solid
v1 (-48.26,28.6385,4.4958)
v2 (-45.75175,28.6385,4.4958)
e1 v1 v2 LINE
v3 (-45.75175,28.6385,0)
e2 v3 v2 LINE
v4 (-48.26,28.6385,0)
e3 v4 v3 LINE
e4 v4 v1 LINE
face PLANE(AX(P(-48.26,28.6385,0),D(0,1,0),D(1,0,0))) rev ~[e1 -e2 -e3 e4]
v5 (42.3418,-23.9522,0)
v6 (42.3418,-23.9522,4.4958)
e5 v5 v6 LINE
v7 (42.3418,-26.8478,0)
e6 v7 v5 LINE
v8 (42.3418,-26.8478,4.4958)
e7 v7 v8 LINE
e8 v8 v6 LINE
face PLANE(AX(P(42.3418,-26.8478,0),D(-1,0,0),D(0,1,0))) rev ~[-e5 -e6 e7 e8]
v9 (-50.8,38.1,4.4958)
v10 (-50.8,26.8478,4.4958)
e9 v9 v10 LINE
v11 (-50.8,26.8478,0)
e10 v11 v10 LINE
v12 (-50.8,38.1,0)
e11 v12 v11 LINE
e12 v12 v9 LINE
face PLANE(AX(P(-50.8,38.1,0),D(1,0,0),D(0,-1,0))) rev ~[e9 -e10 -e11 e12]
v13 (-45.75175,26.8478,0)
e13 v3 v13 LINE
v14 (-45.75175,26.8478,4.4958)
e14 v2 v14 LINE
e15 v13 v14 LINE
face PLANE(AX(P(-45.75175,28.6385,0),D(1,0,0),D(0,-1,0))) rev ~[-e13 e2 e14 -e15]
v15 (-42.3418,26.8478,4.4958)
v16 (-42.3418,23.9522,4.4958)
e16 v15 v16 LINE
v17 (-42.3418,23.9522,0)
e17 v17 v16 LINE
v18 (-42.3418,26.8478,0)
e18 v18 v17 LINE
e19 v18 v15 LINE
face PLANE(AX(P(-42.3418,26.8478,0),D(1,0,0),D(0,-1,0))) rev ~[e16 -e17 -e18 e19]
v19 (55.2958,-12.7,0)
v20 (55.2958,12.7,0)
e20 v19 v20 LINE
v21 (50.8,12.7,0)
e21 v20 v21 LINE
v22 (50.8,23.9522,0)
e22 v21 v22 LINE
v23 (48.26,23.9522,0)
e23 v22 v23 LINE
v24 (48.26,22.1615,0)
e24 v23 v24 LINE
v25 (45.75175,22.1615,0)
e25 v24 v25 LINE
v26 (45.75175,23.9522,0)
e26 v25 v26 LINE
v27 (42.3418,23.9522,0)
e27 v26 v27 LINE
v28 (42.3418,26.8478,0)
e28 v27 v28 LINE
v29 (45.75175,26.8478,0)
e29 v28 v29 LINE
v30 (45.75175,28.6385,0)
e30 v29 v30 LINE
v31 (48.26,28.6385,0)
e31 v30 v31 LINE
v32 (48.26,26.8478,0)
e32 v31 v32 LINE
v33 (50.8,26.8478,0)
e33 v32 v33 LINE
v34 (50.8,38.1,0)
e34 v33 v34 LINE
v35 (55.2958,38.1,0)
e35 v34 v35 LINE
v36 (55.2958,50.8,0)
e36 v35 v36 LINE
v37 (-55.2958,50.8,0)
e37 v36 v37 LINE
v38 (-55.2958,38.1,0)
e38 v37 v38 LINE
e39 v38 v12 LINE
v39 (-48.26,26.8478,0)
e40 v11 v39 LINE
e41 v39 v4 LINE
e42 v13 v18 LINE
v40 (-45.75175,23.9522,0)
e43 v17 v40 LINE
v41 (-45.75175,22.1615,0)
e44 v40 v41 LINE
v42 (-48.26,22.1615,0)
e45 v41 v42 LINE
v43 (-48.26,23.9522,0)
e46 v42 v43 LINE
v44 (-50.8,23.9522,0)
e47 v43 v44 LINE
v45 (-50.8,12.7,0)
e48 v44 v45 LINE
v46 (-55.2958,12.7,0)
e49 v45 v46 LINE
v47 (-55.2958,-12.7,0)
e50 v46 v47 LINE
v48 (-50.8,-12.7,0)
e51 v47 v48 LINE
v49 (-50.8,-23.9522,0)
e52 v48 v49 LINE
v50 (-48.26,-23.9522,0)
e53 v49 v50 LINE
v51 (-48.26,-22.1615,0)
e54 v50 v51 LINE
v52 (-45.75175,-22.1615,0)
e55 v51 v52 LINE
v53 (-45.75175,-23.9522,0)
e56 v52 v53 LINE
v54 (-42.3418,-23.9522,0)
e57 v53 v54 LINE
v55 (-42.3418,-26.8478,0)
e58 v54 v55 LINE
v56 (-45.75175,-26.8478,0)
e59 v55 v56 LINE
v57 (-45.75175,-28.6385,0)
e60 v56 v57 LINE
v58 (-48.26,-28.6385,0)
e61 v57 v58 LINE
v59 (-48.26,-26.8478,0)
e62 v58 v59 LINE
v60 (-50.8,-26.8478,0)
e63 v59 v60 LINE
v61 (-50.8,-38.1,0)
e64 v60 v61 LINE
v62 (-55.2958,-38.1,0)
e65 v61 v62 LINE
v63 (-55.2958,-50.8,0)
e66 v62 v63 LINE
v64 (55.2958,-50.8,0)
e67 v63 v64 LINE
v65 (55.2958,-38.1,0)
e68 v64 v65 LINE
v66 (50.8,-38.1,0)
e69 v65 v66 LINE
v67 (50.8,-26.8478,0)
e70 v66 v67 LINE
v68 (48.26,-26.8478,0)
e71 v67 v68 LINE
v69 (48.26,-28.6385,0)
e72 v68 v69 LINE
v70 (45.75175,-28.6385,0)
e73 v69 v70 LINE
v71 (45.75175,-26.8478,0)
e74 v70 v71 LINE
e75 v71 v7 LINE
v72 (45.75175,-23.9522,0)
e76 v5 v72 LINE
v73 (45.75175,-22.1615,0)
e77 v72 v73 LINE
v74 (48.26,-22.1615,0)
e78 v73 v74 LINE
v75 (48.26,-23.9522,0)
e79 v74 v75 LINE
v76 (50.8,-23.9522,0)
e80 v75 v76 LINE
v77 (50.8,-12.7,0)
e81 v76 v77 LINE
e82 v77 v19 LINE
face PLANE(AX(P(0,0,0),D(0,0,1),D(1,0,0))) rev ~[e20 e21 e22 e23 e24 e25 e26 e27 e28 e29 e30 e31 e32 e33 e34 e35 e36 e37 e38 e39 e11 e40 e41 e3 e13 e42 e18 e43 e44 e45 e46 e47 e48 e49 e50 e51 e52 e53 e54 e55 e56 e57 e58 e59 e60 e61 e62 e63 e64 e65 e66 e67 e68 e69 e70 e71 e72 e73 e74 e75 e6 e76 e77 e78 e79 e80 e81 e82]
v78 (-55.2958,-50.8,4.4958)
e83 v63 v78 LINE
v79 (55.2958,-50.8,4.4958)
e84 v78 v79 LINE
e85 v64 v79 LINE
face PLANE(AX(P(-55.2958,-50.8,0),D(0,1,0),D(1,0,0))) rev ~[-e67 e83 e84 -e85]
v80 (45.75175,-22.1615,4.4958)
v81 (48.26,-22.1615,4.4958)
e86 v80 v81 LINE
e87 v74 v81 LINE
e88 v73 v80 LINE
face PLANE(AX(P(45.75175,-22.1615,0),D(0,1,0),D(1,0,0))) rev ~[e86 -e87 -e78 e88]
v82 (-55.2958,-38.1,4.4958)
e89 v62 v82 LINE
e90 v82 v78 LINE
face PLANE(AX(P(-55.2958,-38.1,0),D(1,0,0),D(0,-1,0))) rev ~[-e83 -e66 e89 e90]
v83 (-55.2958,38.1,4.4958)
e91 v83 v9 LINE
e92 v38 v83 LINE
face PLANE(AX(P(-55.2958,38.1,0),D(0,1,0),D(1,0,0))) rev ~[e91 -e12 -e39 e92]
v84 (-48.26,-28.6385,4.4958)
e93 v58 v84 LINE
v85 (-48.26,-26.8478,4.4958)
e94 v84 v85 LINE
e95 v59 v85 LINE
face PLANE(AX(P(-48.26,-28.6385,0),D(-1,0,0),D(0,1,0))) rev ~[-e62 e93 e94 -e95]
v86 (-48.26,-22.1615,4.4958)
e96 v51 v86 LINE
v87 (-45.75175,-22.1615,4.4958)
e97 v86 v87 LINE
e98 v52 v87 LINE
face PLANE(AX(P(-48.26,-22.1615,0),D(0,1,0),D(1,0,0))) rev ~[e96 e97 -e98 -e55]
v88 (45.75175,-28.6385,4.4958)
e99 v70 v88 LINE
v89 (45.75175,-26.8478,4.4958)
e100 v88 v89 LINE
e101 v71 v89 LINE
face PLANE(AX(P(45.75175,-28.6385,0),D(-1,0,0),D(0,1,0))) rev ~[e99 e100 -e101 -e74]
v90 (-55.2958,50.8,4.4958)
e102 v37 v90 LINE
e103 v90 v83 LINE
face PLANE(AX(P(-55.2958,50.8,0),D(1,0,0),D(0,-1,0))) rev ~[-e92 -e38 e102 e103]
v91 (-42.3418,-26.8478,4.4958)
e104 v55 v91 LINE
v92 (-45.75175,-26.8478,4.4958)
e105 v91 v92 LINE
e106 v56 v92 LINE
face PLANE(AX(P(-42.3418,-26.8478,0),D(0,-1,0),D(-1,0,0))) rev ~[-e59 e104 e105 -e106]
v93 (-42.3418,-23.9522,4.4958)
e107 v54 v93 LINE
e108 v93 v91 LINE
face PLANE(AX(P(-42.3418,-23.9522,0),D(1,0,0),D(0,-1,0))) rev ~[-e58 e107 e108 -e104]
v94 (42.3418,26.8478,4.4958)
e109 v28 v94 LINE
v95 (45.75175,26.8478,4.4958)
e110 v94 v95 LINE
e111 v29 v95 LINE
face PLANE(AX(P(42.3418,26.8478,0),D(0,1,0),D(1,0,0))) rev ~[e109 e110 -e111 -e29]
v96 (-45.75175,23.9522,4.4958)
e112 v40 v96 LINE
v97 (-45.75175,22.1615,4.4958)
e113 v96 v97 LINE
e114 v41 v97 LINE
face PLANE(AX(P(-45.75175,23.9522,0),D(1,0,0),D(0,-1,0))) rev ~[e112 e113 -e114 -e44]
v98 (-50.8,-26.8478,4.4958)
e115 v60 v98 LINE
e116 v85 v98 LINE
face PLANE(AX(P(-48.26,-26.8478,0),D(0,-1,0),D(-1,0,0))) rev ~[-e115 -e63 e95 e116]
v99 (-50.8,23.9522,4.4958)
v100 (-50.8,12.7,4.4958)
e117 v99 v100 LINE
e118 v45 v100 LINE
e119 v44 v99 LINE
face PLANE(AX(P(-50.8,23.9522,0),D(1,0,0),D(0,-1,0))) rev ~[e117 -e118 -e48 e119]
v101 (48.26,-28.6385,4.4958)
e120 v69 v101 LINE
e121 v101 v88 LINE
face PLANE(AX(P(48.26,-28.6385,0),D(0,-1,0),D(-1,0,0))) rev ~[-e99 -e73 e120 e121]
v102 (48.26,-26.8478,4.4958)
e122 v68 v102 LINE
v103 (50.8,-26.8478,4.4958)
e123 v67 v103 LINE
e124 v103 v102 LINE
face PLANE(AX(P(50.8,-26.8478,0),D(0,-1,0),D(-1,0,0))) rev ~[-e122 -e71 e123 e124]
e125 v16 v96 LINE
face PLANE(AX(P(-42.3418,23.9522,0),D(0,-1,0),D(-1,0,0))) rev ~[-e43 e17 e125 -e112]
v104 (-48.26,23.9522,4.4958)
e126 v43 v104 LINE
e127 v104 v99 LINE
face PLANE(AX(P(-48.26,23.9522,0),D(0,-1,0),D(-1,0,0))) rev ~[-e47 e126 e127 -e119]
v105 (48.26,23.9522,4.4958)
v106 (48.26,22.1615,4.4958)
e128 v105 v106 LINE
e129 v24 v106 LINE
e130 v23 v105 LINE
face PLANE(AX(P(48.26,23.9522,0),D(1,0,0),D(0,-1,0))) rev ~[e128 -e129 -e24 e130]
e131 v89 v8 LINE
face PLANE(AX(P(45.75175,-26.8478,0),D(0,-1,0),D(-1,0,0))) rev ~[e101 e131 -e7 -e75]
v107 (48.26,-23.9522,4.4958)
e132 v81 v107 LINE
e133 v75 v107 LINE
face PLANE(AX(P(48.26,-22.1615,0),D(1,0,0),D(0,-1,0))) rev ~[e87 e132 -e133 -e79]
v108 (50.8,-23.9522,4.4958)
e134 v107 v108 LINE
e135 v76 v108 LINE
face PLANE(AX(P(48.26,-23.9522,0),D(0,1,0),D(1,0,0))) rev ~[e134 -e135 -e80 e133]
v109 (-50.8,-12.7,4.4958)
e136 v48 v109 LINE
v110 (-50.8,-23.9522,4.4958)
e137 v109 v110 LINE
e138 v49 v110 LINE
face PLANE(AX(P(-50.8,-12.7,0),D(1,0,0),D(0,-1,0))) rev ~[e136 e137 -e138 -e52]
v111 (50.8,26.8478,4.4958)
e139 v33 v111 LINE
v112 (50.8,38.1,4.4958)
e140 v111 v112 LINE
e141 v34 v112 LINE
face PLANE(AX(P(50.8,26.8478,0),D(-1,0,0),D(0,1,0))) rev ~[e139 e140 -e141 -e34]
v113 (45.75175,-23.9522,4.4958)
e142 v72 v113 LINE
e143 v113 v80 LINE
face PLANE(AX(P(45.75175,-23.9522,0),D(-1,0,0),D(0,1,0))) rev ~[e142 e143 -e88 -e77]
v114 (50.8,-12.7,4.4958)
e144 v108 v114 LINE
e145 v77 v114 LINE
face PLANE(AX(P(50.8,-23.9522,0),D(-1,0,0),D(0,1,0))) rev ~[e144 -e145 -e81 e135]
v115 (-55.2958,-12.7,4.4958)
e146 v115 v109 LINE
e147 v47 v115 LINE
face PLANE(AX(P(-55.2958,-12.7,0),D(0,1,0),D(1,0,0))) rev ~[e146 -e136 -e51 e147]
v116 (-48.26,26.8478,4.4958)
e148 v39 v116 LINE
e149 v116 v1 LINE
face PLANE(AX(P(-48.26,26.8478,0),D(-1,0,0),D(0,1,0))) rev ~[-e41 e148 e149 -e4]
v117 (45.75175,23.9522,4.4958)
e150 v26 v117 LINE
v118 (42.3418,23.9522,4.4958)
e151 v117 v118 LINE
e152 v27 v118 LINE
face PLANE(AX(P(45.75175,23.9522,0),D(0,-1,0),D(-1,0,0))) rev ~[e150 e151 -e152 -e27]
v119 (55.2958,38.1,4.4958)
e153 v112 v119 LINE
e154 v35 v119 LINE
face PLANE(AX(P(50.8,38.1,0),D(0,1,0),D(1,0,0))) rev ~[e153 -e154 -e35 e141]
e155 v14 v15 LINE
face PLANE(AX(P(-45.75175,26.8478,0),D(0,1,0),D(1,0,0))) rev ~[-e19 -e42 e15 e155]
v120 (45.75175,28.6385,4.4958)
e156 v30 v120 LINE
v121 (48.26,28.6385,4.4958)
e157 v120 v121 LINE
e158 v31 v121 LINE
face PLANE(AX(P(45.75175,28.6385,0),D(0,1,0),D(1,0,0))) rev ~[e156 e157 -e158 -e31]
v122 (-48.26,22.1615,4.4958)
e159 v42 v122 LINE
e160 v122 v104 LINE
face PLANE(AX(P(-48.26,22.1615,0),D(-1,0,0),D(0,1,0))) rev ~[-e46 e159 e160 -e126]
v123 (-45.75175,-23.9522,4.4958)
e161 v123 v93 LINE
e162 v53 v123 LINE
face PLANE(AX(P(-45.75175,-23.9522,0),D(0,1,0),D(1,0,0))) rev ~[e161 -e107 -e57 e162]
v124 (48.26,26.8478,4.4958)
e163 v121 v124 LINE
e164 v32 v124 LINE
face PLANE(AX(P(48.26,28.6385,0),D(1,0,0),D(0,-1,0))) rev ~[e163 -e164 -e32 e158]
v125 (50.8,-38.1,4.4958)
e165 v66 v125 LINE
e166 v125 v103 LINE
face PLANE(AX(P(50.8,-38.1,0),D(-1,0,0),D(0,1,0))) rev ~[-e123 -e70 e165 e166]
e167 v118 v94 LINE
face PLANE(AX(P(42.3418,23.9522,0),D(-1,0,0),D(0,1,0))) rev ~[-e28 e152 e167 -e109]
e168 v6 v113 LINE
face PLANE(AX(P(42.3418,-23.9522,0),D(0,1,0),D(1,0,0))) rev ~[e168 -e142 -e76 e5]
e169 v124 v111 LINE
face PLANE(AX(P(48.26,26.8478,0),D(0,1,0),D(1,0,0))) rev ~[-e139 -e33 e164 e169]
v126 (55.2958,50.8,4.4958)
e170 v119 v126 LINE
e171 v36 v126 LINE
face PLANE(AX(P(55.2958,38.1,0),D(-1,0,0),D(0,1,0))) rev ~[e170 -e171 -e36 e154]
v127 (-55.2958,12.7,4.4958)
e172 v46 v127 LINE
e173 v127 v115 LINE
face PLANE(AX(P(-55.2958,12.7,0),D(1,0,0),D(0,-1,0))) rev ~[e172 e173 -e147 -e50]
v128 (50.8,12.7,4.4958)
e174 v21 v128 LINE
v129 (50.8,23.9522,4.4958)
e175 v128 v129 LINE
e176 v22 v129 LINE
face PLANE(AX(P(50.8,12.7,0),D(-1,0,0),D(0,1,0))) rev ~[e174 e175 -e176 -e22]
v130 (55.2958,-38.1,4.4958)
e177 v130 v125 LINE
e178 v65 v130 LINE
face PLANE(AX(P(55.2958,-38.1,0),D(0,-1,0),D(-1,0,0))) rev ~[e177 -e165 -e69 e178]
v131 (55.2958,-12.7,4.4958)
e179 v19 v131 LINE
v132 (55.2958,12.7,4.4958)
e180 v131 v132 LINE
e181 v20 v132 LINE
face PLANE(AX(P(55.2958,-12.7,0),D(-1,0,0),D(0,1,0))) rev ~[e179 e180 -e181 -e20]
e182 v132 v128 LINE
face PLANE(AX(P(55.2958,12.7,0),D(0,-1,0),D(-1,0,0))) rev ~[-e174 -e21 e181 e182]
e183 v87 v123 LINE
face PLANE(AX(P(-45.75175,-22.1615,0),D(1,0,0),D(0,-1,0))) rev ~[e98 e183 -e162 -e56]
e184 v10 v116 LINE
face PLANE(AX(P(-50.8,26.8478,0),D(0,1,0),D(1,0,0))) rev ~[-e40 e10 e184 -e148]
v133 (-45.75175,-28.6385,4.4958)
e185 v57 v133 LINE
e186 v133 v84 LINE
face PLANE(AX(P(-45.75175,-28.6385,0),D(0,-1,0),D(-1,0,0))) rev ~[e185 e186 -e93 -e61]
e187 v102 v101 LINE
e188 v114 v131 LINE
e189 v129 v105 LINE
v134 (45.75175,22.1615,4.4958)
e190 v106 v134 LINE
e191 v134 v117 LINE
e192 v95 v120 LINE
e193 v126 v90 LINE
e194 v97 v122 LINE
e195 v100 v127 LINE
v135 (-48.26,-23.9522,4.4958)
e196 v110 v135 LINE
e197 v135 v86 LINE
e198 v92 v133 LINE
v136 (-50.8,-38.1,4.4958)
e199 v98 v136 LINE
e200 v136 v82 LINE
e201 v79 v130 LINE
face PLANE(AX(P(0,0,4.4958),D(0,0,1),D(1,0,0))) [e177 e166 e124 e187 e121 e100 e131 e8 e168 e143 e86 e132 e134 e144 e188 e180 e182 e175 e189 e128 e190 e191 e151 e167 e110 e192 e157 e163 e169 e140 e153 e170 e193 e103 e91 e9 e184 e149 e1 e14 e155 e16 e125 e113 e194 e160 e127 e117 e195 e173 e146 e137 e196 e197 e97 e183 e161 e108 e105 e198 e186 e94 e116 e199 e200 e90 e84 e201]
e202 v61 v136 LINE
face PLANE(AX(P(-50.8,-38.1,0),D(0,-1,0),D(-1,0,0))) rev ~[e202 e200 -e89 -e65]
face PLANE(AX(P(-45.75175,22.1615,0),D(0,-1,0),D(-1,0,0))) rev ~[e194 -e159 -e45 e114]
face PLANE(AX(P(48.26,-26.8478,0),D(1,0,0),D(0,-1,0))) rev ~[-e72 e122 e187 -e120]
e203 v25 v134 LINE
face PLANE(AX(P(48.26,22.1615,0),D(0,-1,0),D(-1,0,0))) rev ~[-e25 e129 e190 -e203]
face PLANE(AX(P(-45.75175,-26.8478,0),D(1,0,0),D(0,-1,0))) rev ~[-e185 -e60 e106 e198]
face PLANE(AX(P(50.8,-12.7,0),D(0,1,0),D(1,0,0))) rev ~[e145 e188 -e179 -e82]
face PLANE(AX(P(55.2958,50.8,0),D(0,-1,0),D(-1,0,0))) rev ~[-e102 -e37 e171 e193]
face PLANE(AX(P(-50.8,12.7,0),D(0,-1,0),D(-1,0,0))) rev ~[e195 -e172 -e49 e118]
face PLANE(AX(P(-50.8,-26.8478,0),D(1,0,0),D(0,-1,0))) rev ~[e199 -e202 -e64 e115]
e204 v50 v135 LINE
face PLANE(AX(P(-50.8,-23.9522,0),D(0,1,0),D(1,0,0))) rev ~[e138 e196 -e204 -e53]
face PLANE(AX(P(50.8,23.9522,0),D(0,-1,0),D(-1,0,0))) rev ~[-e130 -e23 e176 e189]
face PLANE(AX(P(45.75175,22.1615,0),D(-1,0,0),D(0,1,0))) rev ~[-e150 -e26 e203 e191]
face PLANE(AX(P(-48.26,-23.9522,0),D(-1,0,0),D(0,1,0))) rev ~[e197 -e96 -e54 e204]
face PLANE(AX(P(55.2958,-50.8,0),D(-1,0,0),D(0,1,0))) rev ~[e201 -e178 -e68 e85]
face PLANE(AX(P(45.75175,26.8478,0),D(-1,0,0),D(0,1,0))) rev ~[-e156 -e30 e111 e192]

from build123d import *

# Parameters (mm, degrees)
F1_DEPTH = 4.4958


with BuildPart() as f1:
    # F0 (on Top) → F1 (new body)
    with BuildSketch(Plane.XY):
        Polygon((50.8, 50.8), (-50.8, 50.8), (-55.2958, 50.8), (-55.2958, 38.1), (-50.8, 38.1), (-50.8, 26.8478), (-48.26, 26.8478), (-48.26, 28.6385), (-45.75175, 28.6385), (-45.75175, 26.8478), (-42.3418, 26.8478), (-42.3418, 23.9522), (-45.75175, 23.9522), (-45.75175, 22.1615), (-48.26, 22.1615), (-48.26, 23.9522), (-50.8, 23.9522), (-50.8, 12.7), (-55.2958, 12.7), (-55.2958, 0), (-55.2958, -12.7), (-50.8, -12.7), (-50.8, -23.9522), (-48.26, -23.9522), (-48.26, -22.1615), (-45.75175, -22.1615), (-45.75175, -23.9522), (-42.3418, -23.9522), (-42.3418, -26.8478), (-45.75175, -26.8478), (-45.75175, -28.6385), (-48.26, -28.6385), (-48.26, -26.8478), (-50.8, -26.8478), (-50.8, -38.1), (-55.2958, -38.1), (-55.2958, -50.8), (-50.8, -50.8), (50.8, -50.8), (55.2958, -50.8), (55.2958, -38.1), (50.8, -38.1), (50.8, -26.8478), (48.26, -26.8478), (48.26, -28.6385), (45.75175, -28.6385), (45.75175, -26.8478), (42.3418, -26.8478), (42.3418, -23.9522), (45.75175, -23.9522), (45.75175, -22.1615), (48.26, -22.1615), (48.26, -23.9522), (50.8, -23.9522), (50.8, -12.7), (55.2958, -12.7), (55.2958, 0), (55.2958, 12.7), (50.8, 12.7), (50.8, 23.9522), (48.26, 23.9522), (48.26, 22.1615), (45.75175, 22.1615), (45.75175, 23.9522), (42.3418, 23.9522), (42.3418, 26.8478), (45.75175, 26.8478), (45.75175, 28.6385), (48.26, 28.6385), (48.26, 26.8478), (50.8, 26.8478), (50.8, 38.1), (55.2958, 38.1), (55.2958, 50.8), align=None)
    extrude(amount=F1_DEPTH)


solid = f1.part
